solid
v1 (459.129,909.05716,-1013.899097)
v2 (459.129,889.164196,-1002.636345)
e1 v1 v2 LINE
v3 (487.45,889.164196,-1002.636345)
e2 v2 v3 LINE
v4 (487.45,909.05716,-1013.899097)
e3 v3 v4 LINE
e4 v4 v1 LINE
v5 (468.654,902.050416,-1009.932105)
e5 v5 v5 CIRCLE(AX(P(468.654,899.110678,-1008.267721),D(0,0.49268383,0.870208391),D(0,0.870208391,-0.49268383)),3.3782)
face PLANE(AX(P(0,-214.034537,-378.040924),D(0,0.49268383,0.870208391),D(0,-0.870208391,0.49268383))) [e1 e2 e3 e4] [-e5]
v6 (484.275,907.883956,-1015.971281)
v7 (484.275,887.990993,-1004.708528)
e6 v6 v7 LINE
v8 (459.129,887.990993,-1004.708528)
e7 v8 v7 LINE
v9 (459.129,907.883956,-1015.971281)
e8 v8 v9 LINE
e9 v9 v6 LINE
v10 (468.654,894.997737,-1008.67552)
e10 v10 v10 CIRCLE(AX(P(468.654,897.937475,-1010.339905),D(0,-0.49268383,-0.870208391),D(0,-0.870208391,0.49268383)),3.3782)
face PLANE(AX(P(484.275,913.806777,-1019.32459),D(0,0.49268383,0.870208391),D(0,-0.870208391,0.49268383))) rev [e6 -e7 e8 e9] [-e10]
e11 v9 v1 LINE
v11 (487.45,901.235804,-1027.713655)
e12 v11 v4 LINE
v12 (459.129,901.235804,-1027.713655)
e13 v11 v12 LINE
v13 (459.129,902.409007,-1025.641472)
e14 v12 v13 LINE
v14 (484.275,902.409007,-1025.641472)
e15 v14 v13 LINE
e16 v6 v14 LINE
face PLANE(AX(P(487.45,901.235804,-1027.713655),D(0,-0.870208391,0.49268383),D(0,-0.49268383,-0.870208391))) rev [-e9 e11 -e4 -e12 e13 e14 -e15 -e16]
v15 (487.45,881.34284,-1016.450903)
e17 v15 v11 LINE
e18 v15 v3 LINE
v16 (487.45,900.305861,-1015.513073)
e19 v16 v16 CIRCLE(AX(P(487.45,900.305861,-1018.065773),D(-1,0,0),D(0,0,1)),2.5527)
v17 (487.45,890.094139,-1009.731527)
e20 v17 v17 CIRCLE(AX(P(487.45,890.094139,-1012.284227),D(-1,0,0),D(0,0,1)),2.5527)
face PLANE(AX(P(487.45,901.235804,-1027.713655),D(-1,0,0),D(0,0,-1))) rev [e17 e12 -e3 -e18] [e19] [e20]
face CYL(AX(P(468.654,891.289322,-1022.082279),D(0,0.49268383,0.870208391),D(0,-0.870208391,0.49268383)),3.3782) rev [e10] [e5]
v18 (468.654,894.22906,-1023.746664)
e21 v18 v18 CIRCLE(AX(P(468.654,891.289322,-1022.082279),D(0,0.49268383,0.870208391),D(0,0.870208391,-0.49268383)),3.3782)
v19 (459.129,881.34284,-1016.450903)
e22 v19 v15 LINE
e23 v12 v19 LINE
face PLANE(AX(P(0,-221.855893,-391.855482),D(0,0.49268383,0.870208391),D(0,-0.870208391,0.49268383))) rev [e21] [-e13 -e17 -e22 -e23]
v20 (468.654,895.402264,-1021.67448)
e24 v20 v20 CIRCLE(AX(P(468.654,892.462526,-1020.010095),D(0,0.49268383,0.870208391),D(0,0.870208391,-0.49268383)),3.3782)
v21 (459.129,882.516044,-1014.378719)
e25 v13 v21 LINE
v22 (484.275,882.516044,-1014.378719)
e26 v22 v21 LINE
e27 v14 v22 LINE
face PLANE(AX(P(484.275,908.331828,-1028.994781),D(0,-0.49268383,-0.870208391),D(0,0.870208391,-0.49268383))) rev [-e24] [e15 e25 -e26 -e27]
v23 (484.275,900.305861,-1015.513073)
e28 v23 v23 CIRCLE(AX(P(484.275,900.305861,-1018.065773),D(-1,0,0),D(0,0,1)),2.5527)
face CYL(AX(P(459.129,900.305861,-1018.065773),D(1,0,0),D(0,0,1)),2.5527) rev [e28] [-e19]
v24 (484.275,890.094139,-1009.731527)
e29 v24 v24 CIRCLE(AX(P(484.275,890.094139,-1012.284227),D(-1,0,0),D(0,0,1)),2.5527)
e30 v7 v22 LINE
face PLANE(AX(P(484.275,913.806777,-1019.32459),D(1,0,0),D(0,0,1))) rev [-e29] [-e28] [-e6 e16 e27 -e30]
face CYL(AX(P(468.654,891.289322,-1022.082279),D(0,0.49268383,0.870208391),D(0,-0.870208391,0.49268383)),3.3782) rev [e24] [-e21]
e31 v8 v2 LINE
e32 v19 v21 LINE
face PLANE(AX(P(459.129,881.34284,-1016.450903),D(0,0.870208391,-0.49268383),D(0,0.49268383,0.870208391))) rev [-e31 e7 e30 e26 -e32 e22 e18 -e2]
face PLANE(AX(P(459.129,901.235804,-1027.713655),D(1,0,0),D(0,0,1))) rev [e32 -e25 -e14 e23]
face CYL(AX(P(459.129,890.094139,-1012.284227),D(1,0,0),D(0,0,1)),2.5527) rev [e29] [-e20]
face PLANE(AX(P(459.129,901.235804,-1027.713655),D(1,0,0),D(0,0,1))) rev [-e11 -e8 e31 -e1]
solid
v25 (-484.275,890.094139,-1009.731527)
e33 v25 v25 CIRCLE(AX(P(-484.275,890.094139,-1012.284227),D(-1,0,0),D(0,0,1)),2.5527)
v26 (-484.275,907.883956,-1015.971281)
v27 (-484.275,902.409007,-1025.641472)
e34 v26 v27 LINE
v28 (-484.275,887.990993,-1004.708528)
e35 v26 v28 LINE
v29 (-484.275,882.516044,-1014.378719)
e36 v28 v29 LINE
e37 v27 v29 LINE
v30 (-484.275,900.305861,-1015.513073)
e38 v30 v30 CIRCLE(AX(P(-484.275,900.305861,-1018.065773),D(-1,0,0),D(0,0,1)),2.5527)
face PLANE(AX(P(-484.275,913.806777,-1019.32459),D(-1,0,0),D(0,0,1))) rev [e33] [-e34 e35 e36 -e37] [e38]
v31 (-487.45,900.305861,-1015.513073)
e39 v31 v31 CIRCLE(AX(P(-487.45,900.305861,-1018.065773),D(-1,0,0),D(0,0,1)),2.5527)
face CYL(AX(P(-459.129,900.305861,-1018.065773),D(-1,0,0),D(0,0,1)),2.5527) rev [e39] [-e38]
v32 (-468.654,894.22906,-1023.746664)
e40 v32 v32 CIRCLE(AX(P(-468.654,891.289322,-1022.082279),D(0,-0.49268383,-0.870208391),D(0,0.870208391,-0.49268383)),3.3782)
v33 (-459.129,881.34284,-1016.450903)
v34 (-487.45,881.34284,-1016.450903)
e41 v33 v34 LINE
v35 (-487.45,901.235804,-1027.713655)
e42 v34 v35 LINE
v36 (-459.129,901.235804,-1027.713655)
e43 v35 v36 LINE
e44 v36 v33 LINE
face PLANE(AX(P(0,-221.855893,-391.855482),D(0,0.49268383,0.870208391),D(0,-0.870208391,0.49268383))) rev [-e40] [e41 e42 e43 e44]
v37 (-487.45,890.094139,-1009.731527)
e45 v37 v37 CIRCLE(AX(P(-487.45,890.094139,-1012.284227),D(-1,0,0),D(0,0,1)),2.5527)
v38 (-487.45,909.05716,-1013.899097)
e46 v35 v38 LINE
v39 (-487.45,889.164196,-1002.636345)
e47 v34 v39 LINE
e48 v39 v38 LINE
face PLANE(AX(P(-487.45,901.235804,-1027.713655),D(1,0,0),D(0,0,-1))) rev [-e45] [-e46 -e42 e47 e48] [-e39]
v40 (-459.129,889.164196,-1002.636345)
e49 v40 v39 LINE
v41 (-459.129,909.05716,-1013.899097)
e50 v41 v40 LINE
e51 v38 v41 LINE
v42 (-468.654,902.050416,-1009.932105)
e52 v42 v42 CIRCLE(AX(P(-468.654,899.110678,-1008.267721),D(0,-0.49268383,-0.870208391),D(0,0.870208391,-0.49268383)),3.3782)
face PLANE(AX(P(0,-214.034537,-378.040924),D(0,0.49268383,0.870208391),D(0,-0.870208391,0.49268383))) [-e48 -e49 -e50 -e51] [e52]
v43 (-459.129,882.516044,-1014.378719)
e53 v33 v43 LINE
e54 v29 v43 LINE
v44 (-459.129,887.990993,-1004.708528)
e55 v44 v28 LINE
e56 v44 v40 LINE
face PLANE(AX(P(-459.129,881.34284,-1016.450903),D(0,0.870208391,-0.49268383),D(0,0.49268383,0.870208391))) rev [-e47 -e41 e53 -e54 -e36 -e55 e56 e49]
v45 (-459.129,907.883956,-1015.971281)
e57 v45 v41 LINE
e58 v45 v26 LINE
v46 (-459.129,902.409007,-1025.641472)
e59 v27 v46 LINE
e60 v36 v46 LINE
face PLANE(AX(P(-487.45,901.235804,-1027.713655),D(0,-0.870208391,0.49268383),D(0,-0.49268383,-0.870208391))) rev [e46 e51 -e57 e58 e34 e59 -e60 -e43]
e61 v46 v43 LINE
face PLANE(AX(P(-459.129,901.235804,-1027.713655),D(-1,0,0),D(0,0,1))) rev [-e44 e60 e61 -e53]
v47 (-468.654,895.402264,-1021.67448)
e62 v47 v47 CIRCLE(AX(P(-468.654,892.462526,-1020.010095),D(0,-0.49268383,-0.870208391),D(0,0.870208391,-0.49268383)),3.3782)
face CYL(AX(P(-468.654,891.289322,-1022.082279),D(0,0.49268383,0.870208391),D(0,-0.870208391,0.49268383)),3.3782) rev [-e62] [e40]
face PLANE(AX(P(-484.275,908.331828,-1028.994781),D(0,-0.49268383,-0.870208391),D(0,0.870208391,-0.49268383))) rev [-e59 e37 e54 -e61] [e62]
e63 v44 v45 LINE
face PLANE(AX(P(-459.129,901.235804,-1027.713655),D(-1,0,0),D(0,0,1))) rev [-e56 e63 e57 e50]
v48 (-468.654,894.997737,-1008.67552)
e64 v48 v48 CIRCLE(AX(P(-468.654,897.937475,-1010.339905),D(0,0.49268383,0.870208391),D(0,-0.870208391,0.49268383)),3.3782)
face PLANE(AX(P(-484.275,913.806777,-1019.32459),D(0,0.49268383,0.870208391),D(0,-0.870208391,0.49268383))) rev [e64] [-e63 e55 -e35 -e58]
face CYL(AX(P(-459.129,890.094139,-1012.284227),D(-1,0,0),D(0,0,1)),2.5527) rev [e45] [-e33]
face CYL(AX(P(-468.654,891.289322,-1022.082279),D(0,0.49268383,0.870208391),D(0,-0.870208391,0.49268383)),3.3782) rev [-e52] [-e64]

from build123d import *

# Parameters (mm, degrees)
SKETCH1_W           = 28.321
SKETCH1_H           = 22.86
SKETCH1_R           = 3.3782
BOSS_EXTRUDE1_DEPTH = 7.9375
SKETCH2_W           = 31.794417924
SKETCH2_H           = 11.1125
CUT_EXTRUDE1_DEPTH  = 671.322198878
SKETCH3_R           = 2.5527
CUT_EXTRUDE2_DEPTH  = 1373.363784194


with BuildPart() as part:
    # Sketch1 → Boss-Extrude1 (new, symmetric)
    with BuildSketch(Plane(origin=(0, -217.945214779, -384.948202745), x_dir=(-1, 0, 0), z_dir=(0, -0.4926838295770631, -0.8702083911760905))):
        with Locations((473.289499952, 1279.170858512)):
            Rectangle(SKETCH1_W, SKETCH1_H)
        with Locations(Location((468.653999952, 1279.170858512, 0), (0, 0, 90))):
            Circle(SKETCH1_R, mode=Mode.SUBTRACT)
    extrude(amount=BOSS_EXTRUDE1_DEPTH, both=True)

    # Sketch2 → Cut-Extrude1 (cut, through all)
    with BuildSketch(Plane(origin=(0, 1103.198732914, -624.595421083), x_dir=(1, 0, 0), z_dir=(0, -0.8702083911760902, 0.4926838295770632))):
        with Locations((-468.37779099, -442.363239252)):
            Rectangle(SKETCH2_W, SKETCH2_H)
    extrude(amount=-CUT_EXTRUDE1_DEPTH, mode=Mode.SUBTRACT)

    # Sketch3 → Cut-Extrude2 (cut, through all)
    with BuildSketch(Plane.ZY.offset(487.449999952)):
        with Locations((-1018.065773102, 900.30586076)):
            Circle(SKETCH3_R)
        with Locations((-1012.284226898, 890.094139332)):
            Circle(SKETCH3_R)
        with Locations((0, 890.821943017)):
            Circle(SKETCH3_R)
    extrude(amount=-CUT_EXTRUDE2_DEPTH, mode=Mode.SUBTRACT)


with BuildPart() as body_2:
    # Mirror2: mirrored copy
    add(part.part.mirror(Plane(origin=(0, 0, 0), x_dir=(0, 0, 1), z_dir=(1, 0, 0))))


solid = Compound([part.part, body_2.part])
